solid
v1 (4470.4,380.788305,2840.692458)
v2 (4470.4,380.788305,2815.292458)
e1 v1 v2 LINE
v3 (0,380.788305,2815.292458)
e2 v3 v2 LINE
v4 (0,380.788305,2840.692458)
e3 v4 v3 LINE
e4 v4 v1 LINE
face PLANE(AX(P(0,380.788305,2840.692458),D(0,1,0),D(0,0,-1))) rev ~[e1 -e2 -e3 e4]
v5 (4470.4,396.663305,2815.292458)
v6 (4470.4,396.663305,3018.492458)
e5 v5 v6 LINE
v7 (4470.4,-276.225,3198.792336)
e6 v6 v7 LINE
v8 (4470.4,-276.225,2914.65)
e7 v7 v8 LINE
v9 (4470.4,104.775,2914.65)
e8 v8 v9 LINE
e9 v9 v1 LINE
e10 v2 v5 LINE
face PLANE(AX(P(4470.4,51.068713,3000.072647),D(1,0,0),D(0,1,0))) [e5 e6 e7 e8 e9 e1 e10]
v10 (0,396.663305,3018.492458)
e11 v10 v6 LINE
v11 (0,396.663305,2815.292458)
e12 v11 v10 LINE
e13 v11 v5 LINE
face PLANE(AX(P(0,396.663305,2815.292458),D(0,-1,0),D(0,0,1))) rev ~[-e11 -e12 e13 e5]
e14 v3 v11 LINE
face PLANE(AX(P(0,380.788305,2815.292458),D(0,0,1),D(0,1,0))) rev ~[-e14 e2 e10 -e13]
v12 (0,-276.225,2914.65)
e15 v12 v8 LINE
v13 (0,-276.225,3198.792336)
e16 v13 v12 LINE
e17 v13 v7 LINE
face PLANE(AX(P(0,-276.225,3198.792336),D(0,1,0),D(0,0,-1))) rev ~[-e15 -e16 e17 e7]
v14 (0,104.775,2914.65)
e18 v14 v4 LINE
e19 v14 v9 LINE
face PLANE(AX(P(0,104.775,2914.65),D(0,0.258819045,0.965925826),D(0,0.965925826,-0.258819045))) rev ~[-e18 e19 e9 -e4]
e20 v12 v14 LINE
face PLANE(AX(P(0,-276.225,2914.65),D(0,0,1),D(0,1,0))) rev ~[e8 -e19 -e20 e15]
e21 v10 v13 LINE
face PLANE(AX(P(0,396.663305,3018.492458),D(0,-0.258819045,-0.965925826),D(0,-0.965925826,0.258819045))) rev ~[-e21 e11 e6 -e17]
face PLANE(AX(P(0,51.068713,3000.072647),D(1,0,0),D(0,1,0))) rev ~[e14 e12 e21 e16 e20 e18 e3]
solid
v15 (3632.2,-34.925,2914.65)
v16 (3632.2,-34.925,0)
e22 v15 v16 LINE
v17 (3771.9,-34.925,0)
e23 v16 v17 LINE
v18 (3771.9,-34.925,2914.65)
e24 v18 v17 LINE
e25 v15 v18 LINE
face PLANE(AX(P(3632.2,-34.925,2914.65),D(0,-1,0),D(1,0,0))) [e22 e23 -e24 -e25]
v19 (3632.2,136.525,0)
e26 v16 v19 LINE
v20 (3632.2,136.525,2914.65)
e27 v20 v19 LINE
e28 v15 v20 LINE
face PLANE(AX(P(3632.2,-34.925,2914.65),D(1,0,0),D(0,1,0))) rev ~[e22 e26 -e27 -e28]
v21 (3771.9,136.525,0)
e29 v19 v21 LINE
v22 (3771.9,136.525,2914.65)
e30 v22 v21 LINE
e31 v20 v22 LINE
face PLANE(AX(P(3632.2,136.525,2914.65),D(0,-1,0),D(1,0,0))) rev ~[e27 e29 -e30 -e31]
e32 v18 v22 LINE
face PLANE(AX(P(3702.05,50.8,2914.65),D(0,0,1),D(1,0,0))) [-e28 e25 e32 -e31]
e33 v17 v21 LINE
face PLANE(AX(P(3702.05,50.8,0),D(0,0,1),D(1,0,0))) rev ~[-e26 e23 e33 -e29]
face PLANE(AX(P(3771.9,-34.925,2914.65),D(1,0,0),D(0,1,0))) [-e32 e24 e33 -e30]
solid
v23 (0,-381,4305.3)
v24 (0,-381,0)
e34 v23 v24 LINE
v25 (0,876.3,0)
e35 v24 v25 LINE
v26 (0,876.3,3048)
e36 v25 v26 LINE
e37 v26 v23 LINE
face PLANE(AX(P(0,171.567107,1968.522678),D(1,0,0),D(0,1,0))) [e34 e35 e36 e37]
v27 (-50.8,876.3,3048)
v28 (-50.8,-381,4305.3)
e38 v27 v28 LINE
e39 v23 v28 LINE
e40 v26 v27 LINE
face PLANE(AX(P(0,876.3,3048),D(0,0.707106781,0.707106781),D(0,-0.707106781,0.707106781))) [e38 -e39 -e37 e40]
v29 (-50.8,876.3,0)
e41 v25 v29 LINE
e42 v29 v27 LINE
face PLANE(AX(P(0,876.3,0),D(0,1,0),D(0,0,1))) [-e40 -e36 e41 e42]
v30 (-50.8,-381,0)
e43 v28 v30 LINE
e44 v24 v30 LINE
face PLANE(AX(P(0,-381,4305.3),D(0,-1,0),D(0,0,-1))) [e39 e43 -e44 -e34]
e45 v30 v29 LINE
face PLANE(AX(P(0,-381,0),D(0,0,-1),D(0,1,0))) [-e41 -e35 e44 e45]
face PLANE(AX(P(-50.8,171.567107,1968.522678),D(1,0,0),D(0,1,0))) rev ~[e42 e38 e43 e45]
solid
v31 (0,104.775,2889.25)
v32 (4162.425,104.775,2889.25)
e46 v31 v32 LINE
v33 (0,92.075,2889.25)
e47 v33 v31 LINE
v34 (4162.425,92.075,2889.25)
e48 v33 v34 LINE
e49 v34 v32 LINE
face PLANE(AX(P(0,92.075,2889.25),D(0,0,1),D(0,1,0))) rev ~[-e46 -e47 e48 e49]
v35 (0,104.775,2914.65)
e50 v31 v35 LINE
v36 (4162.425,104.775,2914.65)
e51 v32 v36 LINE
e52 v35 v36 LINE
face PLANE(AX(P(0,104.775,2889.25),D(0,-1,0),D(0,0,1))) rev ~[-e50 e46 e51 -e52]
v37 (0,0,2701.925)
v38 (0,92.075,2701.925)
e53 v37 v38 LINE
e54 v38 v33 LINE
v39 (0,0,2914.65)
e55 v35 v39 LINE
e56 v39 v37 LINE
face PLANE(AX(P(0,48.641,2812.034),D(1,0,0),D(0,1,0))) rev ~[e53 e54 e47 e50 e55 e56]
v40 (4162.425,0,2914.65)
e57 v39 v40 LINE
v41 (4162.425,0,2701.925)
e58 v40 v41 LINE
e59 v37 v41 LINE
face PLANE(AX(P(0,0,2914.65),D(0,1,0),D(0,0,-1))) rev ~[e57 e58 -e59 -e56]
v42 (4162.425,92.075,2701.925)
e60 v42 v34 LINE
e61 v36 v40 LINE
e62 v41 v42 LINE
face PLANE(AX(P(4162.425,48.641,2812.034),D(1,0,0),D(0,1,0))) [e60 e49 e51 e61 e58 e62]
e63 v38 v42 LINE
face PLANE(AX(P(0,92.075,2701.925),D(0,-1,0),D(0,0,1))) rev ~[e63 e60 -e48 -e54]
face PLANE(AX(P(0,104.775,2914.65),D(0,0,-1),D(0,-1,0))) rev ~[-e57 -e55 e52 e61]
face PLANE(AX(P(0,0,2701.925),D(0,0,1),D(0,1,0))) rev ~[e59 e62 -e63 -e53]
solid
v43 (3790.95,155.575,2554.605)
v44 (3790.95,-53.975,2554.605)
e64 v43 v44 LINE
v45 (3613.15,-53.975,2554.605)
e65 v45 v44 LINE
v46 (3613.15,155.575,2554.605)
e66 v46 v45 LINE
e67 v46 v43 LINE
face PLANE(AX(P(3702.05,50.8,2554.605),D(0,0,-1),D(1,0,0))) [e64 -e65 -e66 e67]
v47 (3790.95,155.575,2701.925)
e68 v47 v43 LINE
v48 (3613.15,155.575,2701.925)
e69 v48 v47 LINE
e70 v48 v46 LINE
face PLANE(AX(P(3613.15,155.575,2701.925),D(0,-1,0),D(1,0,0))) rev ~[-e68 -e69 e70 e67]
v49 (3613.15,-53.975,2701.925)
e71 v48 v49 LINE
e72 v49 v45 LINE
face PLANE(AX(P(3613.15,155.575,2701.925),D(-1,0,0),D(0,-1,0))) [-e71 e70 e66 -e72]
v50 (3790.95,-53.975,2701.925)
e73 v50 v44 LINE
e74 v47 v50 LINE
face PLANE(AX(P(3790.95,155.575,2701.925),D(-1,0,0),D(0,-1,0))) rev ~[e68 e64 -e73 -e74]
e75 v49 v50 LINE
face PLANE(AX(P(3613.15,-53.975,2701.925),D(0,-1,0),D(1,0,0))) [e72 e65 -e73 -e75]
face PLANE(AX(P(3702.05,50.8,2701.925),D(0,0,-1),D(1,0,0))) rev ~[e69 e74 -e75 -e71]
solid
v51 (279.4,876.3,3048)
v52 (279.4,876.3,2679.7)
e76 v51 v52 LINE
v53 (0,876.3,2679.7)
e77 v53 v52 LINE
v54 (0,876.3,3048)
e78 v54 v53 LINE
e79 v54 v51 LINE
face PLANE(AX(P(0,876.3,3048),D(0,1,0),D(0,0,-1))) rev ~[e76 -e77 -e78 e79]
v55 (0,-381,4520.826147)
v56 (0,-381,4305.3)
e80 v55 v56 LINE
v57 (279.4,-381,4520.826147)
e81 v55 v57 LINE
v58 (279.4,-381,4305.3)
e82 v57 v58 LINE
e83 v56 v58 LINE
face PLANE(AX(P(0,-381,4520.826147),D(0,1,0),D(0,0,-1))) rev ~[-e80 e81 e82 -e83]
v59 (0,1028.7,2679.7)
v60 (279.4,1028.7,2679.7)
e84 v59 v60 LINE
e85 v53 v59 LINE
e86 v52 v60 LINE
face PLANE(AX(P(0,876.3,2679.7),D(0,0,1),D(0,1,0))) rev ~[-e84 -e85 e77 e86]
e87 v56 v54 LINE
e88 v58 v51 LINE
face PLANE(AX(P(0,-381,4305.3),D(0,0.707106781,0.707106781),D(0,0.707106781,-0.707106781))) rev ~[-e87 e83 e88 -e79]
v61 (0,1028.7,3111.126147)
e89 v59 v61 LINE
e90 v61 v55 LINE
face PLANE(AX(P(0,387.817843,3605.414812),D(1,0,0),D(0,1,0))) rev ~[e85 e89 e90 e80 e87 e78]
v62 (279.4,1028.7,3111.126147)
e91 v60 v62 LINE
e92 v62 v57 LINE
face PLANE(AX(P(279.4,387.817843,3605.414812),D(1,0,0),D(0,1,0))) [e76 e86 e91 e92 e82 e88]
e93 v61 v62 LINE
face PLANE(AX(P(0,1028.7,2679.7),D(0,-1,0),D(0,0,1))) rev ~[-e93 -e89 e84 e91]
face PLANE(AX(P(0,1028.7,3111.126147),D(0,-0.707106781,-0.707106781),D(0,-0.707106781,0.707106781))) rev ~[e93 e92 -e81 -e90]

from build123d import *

# Parameters (mm, degrees)
F1_DEPTH  = 4162.425
F2_W      = 139.7
F2_H      = 171.45
F3_DEPTH  = 2914.65
F5_DEPTH  = 4470.4
F6_W      = 177.8
F6_H      = 209.55
F7_DEPTH  = 147.32
F9_DEPTH  = 50.8
F11_DEPTH = 279.4


with BuildPart() as f1:
    # F0 (on Right) → F1 (new body)
    with BuildSketch(Plane.YZ):
        Polygon((0, 2914.65), (0, 2701.925), (92.075, 2701.925), (92.075, 2889.25), (104.775, 2889.25), (104.775, 2914.65), align=None)
    extrude(amount=F1_DEPTH)


with BuildPart() as f3:
    # F2 (on face) → F3 (new body, through all)
    with BuildSketch(Plane.XY.offset(2914.65)):
        with Locations((3702.05, 50.8)):
            Rectangle(F2_W, F2_H)
    extrude(amount=-F3_DEPTH)


with BuildPart() as f5:
    # F4 (on Right) → F5 (new body)
    with BuildSketch(Plane.YZ):
        Polygon((-276.225, 2914.65), (104.775, 2914.65), (380.788305, 2840.692458), (380.788305, 2815.292458), (396.663305, 2815.292458), (396.663305, 3018.492458), (-276.225, 3198.792336), align=None)
    extrude(amount=F5_DEPTH)


with BuildPart() as f7:
    # F6 (on face) → F7 (new body)
    with BuildSketch(Plane(origin=(0, 0, 2701.925), x_dir=(1, 0, 0), z_dir=(0, 0, -1))):
        with Locations((3702.05, -50.8)):
            Rectangle(F6_W, F6_H)
    extrude(amount=F7_DEPTH)


with BuildPart() as f9:
    # F8 (on Right) → F9 (new body)
    with BuildSketch(Plane.YZ):
        Polygon((-381, 0), (876.3, 0), (876.3, 3048), (-381, 4305.3), align=None)
    extrude(amount=-F9_DEPTH)


with BuildPart() as f11:
    # F10 (on face) → F11 (new body)
    with BuildSketch(Plane.YZ):
        Polygon((876.3, 3048), (876.3, 2679.7), (1028.7, 2679.7), (1028.7, 3111.126147), (-381, 4520.826147), (-381, 4305.3), align=None)
    extrude(amount=F11_DEPTH)


solid = Compound([f1.part, f3.part, f5.part, f7.part, f9.part, f11.part])
